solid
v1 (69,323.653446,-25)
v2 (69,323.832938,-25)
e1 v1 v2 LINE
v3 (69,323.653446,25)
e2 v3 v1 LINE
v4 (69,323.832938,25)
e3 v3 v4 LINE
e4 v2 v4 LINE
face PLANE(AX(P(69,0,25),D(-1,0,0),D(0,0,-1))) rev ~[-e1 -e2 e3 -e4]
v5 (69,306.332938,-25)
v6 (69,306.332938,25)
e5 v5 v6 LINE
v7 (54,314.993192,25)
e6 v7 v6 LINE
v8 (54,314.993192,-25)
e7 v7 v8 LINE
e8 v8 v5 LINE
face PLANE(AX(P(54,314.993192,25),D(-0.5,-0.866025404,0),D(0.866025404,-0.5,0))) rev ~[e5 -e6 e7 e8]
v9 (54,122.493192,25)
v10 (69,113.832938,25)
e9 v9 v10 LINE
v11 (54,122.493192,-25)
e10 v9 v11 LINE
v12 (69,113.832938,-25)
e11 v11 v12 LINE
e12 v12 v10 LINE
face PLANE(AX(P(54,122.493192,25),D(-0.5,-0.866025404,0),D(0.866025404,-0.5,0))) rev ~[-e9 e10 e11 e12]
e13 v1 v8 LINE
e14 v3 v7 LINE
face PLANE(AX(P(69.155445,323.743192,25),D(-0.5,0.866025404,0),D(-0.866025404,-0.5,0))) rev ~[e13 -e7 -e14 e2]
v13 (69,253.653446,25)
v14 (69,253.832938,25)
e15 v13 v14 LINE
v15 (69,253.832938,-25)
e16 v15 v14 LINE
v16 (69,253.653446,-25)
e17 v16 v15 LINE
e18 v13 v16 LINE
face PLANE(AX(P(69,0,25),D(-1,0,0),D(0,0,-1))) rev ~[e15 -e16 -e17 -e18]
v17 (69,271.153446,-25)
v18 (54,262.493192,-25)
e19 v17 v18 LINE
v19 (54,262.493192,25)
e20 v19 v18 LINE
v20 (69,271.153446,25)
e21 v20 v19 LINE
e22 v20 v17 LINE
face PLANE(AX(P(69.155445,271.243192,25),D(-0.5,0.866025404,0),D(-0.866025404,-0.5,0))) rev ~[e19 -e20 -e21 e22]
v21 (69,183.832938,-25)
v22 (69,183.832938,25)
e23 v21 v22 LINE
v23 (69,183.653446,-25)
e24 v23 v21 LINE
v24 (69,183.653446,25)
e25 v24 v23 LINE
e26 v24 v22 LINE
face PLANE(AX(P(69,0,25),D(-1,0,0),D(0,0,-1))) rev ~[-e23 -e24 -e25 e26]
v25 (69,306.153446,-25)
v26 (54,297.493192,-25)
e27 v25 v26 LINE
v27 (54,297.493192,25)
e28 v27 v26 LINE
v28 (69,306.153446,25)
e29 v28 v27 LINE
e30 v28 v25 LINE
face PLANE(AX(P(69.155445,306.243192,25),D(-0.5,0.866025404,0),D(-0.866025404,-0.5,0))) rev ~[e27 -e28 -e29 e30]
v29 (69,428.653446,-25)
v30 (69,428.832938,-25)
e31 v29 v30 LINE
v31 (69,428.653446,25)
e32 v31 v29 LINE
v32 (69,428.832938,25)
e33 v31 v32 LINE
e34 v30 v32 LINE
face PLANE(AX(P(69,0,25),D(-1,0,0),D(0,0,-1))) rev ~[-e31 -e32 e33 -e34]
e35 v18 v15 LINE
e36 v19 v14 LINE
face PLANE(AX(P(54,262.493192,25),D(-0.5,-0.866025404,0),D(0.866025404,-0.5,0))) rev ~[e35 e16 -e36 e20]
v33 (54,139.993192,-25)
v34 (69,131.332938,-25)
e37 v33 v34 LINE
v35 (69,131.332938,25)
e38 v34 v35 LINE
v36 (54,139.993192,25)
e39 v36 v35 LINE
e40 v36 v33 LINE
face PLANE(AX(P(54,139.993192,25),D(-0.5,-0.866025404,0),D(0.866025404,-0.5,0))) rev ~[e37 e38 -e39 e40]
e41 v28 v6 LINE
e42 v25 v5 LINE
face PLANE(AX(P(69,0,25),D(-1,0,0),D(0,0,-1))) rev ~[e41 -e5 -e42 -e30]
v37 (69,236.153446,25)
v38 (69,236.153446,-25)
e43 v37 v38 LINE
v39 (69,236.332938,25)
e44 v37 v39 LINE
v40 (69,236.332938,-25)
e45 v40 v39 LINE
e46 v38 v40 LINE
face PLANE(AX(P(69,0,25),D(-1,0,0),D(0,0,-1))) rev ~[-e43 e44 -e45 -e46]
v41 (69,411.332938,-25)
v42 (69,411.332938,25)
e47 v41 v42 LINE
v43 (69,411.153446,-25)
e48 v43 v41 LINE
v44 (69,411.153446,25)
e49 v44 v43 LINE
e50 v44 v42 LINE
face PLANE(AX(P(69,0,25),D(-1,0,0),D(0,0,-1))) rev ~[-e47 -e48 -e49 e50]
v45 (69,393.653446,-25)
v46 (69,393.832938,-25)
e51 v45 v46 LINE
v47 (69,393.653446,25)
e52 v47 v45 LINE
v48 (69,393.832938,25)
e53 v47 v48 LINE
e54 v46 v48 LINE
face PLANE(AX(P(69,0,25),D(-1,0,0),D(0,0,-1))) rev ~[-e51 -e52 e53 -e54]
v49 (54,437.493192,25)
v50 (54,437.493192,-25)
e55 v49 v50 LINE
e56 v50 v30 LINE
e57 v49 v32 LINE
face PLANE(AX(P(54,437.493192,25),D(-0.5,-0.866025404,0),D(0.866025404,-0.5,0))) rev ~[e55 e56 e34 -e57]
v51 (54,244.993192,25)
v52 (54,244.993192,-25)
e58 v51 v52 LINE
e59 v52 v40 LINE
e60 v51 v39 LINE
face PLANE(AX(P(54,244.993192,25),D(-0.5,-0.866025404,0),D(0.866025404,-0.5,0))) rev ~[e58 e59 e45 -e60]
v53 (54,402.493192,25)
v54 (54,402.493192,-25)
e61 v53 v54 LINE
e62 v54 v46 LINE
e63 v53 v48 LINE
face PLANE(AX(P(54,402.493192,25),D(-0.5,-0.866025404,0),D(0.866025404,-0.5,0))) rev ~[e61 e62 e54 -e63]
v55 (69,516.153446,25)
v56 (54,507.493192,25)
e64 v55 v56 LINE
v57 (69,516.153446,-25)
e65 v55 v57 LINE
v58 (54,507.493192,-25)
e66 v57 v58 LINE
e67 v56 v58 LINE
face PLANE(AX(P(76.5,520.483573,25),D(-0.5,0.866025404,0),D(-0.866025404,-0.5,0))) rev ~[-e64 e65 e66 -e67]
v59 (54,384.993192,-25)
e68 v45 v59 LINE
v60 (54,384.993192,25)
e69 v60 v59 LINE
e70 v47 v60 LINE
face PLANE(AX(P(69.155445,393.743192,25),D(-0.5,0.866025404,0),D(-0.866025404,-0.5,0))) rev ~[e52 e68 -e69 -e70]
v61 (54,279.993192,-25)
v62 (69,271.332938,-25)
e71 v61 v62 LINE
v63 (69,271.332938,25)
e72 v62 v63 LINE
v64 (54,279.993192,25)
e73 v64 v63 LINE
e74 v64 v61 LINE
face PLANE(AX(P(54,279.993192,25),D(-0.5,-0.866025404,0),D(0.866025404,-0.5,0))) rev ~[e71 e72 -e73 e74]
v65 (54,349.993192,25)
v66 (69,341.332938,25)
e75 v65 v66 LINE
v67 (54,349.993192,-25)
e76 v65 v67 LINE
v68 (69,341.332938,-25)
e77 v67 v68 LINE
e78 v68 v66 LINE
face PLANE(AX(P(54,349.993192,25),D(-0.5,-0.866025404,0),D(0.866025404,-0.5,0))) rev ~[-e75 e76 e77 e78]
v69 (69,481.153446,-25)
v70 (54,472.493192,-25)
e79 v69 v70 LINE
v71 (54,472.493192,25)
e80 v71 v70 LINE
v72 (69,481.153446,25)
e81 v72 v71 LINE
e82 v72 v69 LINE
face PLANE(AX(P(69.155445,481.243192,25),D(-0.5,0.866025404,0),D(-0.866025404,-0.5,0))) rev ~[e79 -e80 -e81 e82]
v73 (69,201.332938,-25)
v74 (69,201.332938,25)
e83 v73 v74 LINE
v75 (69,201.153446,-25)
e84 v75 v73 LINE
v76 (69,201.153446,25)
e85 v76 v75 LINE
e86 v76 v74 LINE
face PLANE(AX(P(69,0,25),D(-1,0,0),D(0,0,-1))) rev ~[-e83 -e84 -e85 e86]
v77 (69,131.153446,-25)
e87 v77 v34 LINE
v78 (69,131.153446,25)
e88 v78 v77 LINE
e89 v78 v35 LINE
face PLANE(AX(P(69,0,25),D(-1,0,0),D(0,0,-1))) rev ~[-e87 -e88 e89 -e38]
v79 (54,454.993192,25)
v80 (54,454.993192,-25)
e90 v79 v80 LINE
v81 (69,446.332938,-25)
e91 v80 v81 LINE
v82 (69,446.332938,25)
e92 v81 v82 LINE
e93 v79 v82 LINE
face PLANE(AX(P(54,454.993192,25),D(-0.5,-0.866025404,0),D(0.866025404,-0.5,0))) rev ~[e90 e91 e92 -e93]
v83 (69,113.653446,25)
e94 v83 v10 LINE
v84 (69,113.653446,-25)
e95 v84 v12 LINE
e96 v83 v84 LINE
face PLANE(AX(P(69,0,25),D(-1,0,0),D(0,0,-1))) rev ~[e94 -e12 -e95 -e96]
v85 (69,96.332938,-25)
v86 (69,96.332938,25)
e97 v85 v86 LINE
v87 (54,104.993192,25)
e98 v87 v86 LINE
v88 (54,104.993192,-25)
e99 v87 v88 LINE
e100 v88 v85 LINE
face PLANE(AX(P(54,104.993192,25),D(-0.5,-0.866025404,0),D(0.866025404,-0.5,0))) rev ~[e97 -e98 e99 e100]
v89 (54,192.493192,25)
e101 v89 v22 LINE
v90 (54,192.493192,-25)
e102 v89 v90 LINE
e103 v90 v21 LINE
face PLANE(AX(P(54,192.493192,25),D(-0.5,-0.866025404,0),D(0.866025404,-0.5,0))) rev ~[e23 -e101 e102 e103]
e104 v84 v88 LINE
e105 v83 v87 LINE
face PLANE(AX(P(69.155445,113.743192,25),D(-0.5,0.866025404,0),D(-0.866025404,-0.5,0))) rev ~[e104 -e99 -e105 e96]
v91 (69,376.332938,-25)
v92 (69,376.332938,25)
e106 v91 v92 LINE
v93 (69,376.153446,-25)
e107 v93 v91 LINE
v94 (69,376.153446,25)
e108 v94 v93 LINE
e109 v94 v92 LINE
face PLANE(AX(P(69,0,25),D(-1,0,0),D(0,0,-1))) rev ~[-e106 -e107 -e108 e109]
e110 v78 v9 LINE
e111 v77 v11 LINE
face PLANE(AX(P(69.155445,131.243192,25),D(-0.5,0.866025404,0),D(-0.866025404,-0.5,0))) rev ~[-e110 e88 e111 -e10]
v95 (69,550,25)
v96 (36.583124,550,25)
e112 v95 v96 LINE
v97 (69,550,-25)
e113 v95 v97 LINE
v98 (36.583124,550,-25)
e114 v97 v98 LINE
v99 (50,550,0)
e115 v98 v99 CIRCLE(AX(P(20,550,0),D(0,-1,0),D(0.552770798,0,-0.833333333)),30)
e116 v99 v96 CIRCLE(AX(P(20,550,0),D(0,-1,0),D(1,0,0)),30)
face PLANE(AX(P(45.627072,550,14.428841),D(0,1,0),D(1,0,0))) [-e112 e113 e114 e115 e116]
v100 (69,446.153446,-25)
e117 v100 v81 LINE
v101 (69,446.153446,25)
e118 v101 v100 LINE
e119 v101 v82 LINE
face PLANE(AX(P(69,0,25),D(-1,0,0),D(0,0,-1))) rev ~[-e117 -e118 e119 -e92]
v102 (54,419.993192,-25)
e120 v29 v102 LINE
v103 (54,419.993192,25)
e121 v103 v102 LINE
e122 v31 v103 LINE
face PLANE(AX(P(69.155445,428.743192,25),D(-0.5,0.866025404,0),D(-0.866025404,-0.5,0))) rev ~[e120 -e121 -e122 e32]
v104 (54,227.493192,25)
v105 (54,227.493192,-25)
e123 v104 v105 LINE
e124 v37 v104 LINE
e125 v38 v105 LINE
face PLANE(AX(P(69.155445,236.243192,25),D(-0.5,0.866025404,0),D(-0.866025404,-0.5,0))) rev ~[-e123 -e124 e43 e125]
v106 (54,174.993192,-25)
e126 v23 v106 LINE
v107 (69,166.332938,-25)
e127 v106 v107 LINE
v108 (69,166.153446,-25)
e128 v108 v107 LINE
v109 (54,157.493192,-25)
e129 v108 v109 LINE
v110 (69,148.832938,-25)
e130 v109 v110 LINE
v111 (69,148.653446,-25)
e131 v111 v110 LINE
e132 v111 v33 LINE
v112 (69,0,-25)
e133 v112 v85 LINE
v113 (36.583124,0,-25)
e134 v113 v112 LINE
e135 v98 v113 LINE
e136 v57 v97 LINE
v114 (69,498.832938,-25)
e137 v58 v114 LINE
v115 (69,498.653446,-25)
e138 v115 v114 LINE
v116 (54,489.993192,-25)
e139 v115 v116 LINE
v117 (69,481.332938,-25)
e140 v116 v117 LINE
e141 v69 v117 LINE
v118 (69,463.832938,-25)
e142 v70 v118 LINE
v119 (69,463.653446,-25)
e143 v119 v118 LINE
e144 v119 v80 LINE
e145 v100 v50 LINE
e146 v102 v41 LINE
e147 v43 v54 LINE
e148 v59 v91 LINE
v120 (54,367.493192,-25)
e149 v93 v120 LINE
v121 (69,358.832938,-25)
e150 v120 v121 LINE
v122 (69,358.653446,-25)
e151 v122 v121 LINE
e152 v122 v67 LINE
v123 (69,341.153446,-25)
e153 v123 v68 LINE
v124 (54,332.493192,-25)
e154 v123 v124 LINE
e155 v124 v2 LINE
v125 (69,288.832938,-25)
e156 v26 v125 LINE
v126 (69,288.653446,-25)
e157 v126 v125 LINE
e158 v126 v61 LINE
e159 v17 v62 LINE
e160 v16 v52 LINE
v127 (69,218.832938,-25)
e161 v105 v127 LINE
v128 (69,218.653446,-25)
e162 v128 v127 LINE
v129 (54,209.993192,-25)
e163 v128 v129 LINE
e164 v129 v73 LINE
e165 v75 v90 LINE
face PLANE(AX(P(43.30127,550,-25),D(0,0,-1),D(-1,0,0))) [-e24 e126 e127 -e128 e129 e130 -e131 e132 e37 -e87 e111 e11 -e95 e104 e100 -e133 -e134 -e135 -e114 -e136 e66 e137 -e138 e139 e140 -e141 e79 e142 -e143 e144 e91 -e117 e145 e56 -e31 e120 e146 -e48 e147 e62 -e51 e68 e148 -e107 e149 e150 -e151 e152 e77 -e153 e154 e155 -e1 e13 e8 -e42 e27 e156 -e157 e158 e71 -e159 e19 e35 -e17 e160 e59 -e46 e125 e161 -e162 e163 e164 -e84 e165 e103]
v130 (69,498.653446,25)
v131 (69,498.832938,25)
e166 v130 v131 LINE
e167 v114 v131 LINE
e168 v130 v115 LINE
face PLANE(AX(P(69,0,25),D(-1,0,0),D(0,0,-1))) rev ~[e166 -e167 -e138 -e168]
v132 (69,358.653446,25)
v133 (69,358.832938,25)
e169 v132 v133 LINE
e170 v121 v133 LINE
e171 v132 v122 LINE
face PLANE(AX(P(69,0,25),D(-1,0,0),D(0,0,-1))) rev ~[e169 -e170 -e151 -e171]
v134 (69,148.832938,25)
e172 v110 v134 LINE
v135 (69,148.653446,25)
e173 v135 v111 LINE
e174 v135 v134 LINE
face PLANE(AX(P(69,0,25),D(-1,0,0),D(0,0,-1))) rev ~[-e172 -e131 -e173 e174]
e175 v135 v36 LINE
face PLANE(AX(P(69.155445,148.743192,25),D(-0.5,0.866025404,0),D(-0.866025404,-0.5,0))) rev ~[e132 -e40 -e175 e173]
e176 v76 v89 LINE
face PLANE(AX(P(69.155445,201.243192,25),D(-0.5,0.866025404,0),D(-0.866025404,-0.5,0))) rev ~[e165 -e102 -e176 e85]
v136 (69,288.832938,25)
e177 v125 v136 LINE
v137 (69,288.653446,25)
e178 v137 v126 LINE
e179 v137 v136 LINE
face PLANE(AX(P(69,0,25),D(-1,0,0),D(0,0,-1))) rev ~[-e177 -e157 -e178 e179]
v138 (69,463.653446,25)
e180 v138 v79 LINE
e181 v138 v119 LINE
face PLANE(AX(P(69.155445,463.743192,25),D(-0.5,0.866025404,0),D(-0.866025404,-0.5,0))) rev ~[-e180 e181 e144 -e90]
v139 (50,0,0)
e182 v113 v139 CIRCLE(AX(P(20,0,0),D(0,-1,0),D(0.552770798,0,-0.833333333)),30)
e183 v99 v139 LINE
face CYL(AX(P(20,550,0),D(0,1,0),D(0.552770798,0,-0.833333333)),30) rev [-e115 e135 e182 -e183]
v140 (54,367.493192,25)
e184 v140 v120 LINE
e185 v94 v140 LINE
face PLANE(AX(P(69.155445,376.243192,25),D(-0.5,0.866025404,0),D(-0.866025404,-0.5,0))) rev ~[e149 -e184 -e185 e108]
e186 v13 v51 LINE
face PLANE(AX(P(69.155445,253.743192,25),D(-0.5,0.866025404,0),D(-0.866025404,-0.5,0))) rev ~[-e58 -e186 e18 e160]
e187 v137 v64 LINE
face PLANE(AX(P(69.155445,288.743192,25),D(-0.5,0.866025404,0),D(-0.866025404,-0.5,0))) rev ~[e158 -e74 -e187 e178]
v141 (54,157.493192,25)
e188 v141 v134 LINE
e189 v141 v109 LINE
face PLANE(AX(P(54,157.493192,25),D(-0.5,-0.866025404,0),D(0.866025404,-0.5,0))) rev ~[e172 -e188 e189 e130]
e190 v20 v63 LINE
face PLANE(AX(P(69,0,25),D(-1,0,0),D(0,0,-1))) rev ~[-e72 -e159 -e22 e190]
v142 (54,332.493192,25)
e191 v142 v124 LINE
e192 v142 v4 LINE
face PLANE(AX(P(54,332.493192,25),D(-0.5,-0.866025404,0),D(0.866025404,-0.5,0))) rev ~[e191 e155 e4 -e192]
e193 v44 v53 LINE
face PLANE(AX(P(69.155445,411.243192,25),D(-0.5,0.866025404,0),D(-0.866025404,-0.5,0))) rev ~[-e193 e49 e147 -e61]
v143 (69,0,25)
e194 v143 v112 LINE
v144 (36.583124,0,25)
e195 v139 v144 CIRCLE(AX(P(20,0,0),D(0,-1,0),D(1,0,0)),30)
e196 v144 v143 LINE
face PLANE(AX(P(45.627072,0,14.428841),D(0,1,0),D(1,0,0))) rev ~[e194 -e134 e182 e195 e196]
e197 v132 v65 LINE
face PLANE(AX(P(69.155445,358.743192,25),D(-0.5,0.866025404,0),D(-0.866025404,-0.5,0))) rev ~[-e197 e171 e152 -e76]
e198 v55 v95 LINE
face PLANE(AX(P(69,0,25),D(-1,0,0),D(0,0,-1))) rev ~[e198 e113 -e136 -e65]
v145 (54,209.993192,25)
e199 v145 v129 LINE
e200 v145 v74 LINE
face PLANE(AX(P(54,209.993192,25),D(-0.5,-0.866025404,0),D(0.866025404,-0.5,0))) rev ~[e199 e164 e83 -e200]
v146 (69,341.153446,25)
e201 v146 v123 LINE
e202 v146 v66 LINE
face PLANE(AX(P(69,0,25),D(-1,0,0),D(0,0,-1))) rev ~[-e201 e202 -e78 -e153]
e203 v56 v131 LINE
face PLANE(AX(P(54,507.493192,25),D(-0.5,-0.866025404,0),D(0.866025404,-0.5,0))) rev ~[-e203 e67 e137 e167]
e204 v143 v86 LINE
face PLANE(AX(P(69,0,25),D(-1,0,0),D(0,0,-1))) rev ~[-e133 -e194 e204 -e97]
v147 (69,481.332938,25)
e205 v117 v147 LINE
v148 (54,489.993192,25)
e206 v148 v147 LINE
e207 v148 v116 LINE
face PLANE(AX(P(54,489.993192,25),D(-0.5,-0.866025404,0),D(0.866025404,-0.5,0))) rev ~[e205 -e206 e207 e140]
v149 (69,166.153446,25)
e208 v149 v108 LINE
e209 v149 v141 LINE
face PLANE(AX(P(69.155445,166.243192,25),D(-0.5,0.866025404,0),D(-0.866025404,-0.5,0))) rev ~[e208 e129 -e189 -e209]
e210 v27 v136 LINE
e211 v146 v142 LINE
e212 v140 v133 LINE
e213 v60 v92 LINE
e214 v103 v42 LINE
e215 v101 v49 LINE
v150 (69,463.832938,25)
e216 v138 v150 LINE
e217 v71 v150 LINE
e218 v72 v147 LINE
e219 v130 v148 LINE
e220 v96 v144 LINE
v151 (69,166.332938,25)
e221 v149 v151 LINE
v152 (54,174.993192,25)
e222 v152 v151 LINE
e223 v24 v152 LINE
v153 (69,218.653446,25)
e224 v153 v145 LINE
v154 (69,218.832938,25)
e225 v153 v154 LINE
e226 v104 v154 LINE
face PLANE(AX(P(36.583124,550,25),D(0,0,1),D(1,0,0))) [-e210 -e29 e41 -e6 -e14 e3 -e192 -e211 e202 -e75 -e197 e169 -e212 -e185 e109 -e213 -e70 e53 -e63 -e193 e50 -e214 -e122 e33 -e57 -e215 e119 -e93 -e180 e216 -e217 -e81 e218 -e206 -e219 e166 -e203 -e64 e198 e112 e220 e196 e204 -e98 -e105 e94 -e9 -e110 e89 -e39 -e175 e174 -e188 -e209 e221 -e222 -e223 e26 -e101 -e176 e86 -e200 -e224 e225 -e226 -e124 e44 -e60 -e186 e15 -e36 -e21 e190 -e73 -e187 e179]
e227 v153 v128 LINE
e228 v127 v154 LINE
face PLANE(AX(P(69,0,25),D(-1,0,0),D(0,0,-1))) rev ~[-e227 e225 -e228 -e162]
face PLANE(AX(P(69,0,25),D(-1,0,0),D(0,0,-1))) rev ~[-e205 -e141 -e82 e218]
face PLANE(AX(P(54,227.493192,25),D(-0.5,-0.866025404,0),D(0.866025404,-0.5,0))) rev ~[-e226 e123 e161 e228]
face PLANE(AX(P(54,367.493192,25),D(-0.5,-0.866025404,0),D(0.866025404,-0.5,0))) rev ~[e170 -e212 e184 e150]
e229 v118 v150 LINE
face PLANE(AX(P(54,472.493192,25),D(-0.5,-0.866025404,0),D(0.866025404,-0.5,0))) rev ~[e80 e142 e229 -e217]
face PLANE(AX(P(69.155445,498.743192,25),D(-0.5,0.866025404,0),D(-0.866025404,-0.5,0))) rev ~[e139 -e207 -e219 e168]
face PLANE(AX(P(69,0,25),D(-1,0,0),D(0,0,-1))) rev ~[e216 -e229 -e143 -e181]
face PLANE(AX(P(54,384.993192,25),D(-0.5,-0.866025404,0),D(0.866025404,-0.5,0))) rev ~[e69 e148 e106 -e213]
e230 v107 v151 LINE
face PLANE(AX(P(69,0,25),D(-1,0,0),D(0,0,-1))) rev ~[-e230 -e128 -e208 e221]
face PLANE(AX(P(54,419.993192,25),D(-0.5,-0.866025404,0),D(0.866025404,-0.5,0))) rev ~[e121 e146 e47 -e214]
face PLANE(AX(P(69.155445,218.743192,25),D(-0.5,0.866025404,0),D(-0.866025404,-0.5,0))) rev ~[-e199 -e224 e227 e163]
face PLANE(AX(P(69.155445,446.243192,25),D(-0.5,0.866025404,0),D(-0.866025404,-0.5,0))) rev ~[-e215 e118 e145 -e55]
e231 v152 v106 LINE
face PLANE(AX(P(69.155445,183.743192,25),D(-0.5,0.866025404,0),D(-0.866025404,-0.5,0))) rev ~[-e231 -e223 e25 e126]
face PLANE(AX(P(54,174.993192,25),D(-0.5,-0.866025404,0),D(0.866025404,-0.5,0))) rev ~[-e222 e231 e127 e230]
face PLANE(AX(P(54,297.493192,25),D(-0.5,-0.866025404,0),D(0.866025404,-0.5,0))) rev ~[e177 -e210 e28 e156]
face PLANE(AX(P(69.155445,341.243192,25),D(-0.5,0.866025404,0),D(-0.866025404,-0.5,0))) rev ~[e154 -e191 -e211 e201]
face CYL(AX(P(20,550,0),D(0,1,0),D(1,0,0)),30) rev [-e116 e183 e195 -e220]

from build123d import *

# Parameters (mm, degrees)
BOSS_EXTRUDE1_DEPTH = 550
CUT_EXTRUDE1_DEPTH  = 73
BOSS_EXTRUDE2_DEPTH = 550


with BuildPart() as part:
    # Sketch1 → Boss-Extrude1 (new body)
    with BuildSketch(Plane(origin=(0, 0, 0), x_dir=(1, 0, 0), z_dir=(0, 1, 0))):
        with BuildLine():
            Line((43.301270189, -25), (69, -25))
            Line((69, -25), (69, 25))
            Line((69, 25), (43.301270189, 25))
            ThreePointArc((43.301270189, 25), (50, 0), (43.301270189, -25))
        make_face()
    extrude(amount=BOSS_EXTRUDE1_DEPTH)

    # Sketch2 → Cut-Extrude1 (cut)
    with BuildSketch(Plane.XY.offset(25)):
        Polygon((54, 489.993192311), (76.5, 477.002811254), (76.5, 502.983573367), align=None)
        Polygon((54, 507.493192311), (76.5, 494.502811254), (76.5, 520.483573367), align=None)
        Polygon((54, 472.493192311), (76.5, 459.502811254), (76.5, 485.483573367), align=None)
        Polygon((54, 454.993192311), (76.5, 442.002811254), (76.5, 467.983573367), align=None)
        Polygon((54, 437.493192311), (76.5, 424.502811254), (76.5, 450.483573367), align=None)
        Polygon((54, 419.993192311), (76.5, 407.002811254), (76.5, 432.983573367), align=None)
        Polygon((54, 402.493192311), (76.5, 389.502811254), (76.5, 415.483573367), align=None)
        Polygon((54, 384.993192311), (76.5, 372.002811254), (76.5, 397.983573367), align=None)
        Polygon((54, 367.493192311), (76.5, 354.502811254), (76.5, 380.483573367), align=None)
        Polygon((54, 349.993192311), (76.5, 337.002811254), (76.5, 362.983573367), align=None)
        Polygon((54, 332.493192311), (76.5, 319.502811254), (76.5, 345.483573367), align=None)
        Polygon((54, 314.993192311), (76.5, 302.002811254), (76.5, 327.983573367), align=None)
        Polygon((54, 297.493192311), (76.5, 284.502811254), (76.5, 310.483573367), align=None)
        Polygon((54, 279.993192311), (76.5, 267.002811254), (76.5, 292.983573367), align=None)
        Polygon((54, 262.493192311), (76.5, 249.502811254), (76.5, 275.483573367), align=None)
        Polygon((54, 244.993192311), (76.5, 232.002811254), (76.5, 257.983573367), align=None)
        Polygon((54, 227.493192311), (76.5, 214.502811254), (76.5, 240.483573367), align=None)
        Polygon((54, 209.993192311), (76.5, 197.002811254), (76.5, 222.983573367), align=None)
        Polygon((54, 192.493192311), (76.5, 179.502811254), (76.5, 205.483573367), align=None)
        Polygon((54, 174.993192311), (76.5, 162.002811254), (76.5, 187.983573367), align=None)
        Polygon((54, 157.493192311), (76.5, 144.502811254), (76.5, 170.483573367), align=None)
        Polygon((54, 139.993192311), (76.5, 127.002811254), (76.5, 152.983573367), align=None)
        Polygon((54, 122.493192311), (76.5, 109.502811254), (76.5, 135.483573367), align=None)
        Polygon((54, 104.993192311), (76.5, 92.002811254), (76.5, 117.983573367), align=None)
    extrude(amount=-CUT_EXTRUDE1_DEPTH, mode=Mode.SUBTRACT)

    # Sketch3 → Boss-Extrude2 (add)
    with BuildSketch(Plane(origin=(0, 550, 0), x_dir=(1, 0, 0), z_dir=(0, 1, 0))):
        with BuildLine():
            ThreePointArc((43.301270189, -25), (48.296291314, -12.940952255), (50, 0))
            ThreePointArc((50, 0), (46.433820369, -14.186371655), (36.583123952, -25))
            Line((36.583123952, -25), (43.301270189, -25))
        make_face()
        with BuildLine():
            ThreePointArc((50, 0), (48.296291314, 12.940952255), (43.301270189, 25))
            Line((43.301270189, 25), (36.583123952, 25))
            ThreePointArc((36.583123952, 25), (46.433820369, 14.186371655), (50, 0))
        make_face()
    extrude(amount=-BOSS_EXTRUDE2_DEPTH)


solid = part.part
